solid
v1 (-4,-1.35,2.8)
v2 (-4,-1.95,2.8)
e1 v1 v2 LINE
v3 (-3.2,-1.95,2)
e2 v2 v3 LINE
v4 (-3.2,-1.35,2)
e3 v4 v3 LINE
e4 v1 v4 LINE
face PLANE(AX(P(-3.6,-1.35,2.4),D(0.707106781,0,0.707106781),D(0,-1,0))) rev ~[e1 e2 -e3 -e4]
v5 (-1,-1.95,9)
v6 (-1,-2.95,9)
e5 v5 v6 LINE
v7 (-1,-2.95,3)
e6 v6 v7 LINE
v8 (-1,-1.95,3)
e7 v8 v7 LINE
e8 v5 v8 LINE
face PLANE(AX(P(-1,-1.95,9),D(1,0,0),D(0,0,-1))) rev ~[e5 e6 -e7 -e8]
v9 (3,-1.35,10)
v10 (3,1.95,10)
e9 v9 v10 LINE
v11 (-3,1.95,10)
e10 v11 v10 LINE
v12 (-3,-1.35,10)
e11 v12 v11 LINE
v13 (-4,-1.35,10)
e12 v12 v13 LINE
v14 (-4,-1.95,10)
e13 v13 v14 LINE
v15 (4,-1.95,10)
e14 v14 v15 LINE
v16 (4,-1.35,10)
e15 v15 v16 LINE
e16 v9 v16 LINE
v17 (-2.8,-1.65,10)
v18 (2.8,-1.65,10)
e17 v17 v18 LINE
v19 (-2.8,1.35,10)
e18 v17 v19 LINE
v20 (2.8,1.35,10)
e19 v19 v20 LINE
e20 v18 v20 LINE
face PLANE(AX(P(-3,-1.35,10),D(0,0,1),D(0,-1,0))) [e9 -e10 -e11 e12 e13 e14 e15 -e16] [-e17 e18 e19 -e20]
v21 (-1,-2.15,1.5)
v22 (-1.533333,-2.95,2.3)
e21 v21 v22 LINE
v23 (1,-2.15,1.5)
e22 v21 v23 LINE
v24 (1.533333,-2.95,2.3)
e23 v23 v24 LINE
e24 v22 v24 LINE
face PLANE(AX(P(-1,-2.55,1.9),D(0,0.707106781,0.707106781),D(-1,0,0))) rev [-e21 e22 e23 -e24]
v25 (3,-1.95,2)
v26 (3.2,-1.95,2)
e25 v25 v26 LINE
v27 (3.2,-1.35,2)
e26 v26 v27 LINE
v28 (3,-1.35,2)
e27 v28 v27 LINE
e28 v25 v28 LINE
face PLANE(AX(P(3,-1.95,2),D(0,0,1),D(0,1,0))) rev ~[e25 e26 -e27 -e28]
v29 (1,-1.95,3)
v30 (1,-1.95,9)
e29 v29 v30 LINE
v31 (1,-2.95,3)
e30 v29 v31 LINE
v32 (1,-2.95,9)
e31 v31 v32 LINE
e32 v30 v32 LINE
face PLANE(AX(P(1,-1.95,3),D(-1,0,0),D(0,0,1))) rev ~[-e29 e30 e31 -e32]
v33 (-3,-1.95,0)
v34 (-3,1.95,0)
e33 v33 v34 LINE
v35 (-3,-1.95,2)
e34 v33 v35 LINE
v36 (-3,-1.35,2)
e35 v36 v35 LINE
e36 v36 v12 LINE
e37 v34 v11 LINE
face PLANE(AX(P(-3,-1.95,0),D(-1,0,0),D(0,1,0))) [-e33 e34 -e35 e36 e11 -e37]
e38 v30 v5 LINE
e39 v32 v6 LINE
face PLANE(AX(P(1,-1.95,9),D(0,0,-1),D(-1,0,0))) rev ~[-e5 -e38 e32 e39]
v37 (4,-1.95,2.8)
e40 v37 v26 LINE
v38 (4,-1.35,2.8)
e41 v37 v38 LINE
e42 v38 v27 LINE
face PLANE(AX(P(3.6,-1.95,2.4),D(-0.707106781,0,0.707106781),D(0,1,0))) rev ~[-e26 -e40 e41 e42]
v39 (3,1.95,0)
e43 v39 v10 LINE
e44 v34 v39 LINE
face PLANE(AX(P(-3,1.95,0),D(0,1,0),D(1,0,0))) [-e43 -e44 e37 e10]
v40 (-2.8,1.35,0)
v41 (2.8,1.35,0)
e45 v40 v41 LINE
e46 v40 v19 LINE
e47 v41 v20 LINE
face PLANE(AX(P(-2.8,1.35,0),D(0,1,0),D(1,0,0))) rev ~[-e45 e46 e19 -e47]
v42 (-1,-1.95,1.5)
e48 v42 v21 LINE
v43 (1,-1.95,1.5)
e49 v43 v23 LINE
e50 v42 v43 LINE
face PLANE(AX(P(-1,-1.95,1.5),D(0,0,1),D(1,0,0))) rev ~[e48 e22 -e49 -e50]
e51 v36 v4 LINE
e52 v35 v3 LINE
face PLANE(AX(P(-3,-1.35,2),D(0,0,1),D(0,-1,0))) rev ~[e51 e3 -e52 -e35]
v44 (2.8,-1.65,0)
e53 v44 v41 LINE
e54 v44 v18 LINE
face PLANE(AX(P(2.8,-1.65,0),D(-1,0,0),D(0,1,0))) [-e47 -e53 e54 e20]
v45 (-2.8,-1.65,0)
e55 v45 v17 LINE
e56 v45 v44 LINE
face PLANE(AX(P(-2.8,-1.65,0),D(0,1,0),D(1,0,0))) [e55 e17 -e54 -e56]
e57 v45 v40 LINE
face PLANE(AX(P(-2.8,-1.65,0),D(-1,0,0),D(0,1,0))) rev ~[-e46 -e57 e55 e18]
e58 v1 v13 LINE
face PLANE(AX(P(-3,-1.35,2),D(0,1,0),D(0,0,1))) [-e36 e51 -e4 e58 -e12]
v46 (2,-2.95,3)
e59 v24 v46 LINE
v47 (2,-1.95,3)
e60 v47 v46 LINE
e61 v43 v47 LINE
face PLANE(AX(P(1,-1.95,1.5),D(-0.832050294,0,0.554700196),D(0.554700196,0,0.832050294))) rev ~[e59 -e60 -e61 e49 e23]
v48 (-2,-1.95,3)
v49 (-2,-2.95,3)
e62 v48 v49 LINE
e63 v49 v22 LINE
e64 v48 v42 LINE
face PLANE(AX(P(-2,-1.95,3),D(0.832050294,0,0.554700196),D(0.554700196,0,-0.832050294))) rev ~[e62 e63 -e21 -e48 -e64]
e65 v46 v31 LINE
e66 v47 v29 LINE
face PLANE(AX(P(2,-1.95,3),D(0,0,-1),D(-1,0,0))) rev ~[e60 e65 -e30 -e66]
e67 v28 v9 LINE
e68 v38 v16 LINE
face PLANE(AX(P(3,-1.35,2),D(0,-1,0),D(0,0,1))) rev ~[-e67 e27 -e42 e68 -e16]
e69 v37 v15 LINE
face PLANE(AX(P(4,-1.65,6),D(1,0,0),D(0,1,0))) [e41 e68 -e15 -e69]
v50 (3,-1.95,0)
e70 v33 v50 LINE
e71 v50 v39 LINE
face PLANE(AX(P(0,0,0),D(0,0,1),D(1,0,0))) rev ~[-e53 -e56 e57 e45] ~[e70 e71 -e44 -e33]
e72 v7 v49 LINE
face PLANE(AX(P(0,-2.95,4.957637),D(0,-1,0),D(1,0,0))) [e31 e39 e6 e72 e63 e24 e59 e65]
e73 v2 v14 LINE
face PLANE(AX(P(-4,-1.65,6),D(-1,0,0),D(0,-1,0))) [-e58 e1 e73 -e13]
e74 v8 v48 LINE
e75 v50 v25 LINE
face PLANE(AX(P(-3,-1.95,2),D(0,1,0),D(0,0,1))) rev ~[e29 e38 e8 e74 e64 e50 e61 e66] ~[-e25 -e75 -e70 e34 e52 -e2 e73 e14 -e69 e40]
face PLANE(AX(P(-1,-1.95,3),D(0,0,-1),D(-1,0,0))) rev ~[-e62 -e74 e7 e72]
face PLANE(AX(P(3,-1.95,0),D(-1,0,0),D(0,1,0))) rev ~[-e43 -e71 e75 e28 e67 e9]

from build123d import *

# Parameters (mm, degrees)
F0_W     = 6
F0_H     = 3.9
F0_W_2   = 5.6
F0_H_2   = 3
F1_DEPTH = 10
F3_DEPTH = 1
F4_SIZE  = 0.8
F5_W     = 0.6
F5_H     = 8
F6_DEPTH = 1
F7_SIZE  = 0.8
F8_W     = 0.6
F8_H     = 8
F9_DEPTH = 1
F10_SIZE = 0.8


with BuildPart() as f1:
    # F0 (on Top) → F1 (new body)
    with BuildSketch(Plane.XY):
        Rectangle(F0_W, F0_H)
        with Locations((0, -0.15)):
            Rectangle(F0_W_2, F0_H_2, mode=Mode.SUBTRACT)
    extrude(amount=F1_DEPTH)

    # F2 (on face) → F3 (join)
    with BuildSketch(Plane.XZ.offset(1.95)):
        Polygon((1, 9), (-1, 9), (-1, 3), (-2, 3), (-1, 1.5), (0, 1.5), (1, 1.5), (2, 3), (1, 3), align=None)
    extrude(amount=F3_DEPTH)

    # F4
    f4_edges = [f1.edges().sort_by_distance(p)[0] for p in [
        (0, -2.95, 1.5),
    ]]
    chamfer(f4_edges, length=F4_SIZE)

    # F5 (on face) → F6 (join)
    with BuildSketch(Plane.YZ.offset(3)):
        with Locations((-1.65, 6)):
            Rectangle(F5_W, F5_H)
    extrude(amount=F6_DEPTH)

    # F7
    f7_edges = [f1.edges().sort_by_distance(p)[0] for p in [
        (4, -1.65, 2),
    ]]
    chamfer(f7_edges, length=F7_SIZE)

    # F8 (on face) → F9 (join)
    with BuildSketch(Plane(origin=(-3, 0, 0), x_dir=(0, -1, 0), z_dir=(-1, 0, 0))):
        with Locations((1.65, 6)):
            Rectangle(F8_W, F8_H)
    extrude(amount=F9_DEPTH)

    # F10
    f10_edges = [f1.edges().sort_by_distance(p)[0] for p in [
        (-4, -1.65, 2),
    ]]
    chamfer(f10_edges, length=F10_SIZE)


solid = f1.part
